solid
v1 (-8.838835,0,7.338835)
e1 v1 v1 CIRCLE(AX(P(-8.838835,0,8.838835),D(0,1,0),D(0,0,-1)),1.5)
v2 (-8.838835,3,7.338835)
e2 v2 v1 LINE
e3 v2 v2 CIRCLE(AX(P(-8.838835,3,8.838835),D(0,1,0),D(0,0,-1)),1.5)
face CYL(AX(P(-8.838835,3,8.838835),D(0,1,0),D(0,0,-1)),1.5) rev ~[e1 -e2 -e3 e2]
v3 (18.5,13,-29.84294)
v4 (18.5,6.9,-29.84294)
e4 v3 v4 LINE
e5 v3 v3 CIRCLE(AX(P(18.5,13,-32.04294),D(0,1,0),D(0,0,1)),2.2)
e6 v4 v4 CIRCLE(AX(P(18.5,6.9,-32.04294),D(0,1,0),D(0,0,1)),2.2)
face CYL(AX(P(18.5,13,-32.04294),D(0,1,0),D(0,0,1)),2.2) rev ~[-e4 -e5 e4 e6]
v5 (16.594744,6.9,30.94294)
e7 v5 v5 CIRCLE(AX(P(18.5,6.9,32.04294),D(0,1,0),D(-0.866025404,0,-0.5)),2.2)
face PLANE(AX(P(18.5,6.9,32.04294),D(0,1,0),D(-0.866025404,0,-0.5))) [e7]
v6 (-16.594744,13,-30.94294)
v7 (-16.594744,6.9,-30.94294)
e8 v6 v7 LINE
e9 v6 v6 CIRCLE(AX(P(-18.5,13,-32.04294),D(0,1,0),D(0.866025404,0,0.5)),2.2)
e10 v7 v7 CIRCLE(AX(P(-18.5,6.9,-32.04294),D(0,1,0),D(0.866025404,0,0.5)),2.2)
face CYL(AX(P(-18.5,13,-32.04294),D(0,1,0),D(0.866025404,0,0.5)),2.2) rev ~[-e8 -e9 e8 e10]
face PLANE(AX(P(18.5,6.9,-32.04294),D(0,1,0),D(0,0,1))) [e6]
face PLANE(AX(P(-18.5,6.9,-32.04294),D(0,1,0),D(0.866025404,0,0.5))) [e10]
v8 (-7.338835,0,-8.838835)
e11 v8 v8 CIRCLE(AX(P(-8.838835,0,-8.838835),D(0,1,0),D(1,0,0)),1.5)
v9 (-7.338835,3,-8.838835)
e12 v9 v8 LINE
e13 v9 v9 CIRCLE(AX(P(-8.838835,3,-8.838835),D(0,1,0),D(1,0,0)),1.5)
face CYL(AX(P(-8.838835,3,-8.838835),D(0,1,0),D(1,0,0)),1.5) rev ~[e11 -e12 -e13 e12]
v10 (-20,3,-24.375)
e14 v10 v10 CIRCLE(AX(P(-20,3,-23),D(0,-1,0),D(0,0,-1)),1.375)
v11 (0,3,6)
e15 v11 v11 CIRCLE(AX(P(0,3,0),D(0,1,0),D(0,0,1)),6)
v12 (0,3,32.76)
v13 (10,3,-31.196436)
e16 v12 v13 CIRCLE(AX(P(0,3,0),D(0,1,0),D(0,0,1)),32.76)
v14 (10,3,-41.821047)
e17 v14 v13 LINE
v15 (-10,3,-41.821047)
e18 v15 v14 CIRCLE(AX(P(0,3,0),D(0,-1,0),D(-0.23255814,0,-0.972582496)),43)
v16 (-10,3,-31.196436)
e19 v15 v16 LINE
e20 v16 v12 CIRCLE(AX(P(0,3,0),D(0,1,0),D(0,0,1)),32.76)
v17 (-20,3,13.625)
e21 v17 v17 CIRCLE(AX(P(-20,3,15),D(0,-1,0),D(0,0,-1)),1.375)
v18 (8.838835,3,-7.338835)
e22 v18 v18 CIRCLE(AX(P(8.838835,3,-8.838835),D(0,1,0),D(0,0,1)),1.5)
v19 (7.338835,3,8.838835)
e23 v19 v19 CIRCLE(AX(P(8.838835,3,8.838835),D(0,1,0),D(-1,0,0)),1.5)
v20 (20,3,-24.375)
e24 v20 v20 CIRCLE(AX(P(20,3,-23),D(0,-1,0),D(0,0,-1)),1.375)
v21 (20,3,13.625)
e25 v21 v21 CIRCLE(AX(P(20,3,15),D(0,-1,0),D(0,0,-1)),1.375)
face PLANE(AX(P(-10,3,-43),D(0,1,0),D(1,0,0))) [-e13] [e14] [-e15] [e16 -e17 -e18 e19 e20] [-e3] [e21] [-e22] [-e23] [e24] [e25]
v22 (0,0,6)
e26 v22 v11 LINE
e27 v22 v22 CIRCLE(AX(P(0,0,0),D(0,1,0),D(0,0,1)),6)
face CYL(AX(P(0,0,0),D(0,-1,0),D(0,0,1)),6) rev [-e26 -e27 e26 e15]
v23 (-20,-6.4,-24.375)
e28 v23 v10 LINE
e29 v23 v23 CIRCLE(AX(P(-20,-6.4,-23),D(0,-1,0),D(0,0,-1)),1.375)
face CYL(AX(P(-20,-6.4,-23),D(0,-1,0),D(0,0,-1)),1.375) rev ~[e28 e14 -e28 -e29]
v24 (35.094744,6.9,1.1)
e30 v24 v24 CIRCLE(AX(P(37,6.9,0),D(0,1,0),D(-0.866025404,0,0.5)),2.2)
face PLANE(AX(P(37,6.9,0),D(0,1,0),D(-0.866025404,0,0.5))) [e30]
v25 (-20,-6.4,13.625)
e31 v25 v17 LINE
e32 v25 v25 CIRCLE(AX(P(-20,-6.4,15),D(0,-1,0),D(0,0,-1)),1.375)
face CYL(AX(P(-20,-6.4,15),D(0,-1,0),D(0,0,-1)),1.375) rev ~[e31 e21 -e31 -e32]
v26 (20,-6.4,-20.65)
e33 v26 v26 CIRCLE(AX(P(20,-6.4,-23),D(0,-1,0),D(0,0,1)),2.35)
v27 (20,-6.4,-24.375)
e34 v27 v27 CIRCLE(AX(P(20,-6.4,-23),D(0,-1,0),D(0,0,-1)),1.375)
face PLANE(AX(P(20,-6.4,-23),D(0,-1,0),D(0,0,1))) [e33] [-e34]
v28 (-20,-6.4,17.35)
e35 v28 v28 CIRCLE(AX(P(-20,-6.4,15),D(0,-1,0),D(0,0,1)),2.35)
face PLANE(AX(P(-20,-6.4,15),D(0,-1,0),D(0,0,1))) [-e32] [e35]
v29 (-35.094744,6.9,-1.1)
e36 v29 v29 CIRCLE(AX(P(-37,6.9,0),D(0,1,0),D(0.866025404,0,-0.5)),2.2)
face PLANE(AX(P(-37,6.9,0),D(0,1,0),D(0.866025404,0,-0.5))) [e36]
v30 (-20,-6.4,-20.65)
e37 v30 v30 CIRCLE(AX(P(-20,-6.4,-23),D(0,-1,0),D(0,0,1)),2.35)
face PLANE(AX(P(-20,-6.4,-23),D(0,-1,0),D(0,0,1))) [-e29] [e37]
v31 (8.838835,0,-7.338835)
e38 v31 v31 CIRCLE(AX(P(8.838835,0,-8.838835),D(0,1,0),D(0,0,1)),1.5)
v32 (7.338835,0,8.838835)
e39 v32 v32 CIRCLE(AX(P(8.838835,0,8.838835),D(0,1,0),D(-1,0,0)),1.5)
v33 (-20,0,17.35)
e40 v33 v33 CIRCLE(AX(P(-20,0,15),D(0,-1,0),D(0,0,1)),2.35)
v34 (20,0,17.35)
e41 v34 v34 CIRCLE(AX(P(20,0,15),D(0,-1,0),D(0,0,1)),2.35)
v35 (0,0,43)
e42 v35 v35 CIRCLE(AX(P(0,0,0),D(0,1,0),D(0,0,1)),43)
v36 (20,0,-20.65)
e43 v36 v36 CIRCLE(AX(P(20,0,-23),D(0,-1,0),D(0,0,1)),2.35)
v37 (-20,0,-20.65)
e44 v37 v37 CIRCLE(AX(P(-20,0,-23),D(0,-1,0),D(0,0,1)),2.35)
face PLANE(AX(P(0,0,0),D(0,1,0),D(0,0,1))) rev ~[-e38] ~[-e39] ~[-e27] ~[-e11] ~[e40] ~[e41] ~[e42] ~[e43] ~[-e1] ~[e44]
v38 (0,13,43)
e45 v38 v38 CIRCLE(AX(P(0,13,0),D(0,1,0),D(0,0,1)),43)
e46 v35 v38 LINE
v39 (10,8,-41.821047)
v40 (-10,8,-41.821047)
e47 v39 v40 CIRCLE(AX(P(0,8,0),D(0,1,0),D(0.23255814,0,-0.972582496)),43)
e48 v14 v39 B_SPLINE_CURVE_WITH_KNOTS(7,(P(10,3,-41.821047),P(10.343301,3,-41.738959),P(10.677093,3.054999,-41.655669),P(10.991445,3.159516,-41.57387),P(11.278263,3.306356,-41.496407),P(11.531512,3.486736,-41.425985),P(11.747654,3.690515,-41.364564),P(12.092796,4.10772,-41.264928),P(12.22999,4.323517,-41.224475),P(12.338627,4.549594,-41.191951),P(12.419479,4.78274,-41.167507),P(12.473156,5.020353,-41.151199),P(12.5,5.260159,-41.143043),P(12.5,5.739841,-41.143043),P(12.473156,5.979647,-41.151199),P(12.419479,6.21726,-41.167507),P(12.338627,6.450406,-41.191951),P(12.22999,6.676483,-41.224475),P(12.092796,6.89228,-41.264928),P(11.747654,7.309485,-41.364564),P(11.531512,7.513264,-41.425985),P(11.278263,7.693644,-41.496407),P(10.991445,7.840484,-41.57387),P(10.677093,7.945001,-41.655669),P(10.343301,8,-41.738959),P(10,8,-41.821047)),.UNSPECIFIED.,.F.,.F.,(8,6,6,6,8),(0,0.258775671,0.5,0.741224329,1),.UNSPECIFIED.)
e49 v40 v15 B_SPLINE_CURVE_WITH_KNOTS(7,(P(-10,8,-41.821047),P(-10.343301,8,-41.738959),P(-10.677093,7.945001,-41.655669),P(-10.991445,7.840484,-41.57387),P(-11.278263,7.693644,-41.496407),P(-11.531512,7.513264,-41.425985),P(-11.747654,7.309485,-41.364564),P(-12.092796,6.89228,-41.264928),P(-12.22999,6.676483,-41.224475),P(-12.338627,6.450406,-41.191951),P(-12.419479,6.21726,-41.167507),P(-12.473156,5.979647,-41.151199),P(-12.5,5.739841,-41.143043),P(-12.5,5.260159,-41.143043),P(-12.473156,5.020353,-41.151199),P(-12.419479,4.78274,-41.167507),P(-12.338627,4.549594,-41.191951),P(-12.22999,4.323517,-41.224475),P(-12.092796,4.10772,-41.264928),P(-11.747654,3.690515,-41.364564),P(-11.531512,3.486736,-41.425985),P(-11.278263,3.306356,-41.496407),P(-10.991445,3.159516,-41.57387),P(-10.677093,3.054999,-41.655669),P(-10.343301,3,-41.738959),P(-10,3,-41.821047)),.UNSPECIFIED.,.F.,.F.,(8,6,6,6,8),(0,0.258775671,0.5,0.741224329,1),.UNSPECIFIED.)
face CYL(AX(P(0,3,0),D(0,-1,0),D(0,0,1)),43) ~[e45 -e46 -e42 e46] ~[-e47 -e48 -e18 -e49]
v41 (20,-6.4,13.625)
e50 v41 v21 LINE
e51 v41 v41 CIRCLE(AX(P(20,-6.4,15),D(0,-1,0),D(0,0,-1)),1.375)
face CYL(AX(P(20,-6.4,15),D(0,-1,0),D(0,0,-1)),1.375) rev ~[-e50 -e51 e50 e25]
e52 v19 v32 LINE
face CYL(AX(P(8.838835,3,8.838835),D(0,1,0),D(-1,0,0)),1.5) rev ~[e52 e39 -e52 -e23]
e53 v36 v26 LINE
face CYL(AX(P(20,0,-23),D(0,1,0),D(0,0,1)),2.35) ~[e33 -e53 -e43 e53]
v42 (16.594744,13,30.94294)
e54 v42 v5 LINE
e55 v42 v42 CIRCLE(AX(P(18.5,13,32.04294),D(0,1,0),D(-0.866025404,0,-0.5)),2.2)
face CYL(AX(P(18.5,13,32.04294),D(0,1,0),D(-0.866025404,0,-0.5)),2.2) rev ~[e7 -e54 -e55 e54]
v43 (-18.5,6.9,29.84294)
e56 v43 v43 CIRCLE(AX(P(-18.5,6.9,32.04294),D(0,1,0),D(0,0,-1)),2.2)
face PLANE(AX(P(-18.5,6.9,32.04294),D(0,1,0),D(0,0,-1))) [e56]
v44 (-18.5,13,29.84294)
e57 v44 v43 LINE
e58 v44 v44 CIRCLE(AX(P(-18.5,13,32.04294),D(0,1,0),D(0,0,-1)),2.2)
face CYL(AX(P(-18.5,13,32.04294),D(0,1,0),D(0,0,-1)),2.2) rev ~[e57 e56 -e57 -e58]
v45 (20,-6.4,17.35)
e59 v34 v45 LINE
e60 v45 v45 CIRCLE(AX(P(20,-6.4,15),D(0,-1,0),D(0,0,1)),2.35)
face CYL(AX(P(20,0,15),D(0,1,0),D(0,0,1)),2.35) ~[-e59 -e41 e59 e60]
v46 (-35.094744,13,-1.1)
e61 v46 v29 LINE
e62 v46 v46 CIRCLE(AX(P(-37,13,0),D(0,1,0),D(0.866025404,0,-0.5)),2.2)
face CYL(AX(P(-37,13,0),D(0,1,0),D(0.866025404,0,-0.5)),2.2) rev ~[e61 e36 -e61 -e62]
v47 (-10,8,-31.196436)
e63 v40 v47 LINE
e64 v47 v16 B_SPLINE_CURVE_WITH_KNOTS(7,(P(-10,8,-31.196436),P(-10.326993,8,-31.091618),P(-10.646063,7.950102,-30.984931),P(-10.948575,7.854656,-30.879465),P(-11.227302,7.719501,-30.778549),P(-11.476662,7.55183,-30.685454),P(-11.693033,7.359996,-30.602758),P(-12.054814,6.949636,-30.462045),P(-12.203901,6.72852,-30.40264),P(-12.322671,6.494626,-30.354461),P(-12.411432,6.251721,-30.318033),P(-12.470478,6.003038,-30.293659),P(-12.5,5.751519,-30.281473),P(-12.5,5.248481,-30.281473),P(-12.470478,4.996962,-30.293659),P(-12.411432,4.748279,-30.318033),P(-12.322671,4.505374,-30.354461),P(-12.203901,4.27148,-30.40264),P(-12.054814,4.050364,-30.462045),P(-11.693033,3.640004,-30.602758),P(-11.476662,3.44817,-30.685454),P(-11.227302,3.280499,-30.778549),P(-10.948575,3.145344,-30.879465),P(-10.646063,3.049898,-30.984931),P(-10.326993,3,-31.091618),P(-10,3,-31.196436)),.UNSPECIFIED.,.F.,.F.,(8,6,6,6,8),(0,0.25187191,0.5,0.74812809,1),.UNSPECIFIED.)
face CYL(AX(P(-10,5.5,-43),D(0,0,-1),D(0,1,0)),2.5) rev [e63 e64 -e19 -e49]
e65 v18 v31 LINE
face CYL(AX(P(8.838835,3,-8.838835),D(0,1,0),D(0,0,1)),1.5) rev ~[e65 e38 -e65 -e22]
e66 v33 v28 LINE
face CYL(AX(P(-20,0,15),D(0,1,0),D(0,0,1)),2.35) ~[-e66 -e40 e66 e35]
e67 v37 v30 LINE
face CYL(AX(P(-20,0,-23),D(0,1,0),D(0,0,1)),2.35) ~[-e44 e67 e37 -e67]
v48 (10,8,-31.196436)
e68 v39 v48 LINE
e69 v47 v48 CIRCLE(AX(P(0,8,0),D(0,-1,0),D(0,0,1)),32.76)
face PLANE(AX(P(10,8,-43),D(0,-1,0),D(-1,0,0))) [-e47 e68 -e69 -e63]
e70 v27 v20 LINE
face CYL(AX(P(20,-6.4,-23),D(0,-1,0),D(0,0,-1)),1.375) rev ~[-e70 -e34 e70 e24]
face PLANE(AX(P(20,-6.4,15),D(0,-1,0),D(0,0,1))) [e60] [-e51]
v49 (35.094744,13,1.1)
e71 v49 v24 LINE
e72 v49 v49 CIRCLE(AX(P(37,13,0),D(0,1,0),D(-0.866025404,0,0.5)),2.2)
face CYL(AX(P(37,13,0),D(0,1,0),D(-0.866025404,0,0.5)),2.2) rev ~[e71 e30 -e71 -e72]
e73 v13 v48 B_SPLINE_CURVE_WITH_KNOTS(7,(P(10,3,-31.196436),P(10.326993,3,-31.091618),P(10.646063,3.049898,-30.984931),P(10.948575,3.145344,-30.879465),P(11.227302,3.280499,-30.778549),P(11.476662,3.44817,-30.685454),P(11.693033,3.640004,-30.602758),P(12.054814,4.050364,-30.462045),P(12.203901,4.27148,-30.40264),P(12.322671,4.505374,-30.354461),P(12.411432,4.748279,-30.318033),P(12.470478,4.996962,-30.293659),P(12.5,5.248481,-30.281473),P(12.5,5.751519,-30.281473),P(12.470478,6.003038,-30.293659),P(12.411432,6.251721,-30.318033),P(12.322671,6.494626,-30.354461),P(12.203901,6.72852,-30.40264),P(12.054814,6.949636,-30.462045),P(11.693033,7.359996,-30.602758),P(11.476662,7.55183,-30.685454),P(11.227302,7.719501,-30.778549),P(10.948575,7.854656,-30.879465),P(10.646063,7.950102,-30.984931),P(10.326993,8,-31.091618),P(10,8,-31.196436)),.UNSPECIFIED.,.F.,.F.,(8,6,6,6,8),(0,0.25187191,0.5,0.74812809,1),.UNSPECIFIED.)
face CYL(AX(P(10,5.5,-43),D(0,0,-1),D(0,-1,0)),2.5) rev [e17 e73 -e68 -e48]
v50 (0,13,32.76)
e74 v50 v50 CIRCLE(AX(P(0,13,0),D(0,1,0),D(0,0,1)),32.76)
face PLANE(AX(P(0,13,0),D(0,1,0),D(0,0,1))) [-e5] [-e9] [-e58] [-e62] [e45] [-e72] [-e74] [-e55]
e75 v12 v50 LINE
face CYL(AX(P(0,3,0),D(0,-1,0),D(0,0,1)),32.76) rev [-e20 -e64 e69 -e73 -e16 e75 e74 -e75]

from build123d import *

# Parameters (mm, degrees)
SKETCH_1_R          = 43
SKETCH_1_R_2        = 6
EXTRUDE_1_DEPTH     = 3
SKETCH_14_R         = 43
SKETCH_14_R_2       = 32.76
EXTRUDE_5_DEPTH     = 10
SKETCH_17_R         = 2.35
EXTRUDE_6_DEPTH     = 6.4
SKETCH_18_R         = 1.375
CUT_EXTRUDE_5_DEPTH = 64.83071361
SKETCH_23_R         = 2.2
CUT_EXTRUDE_6_DEPTH = 6.1
CUT_EXTRUDE1_DEPTH  = 20
SKETCH_26_R         = 1.5
CUT_EXTRUDE3_DEPTH  = 6.1
CIRPATTERN1_COUNT   = 4
CIRPATTERN2_COUNT   = 6


with BuildPart() as part:
    # 스케치1 → 보스-돌출1 (new body)
    with BuildSketch(Plane(origin=(0, 0, 0), x_dir=(1, 0, 0), z_dir=(0, 1, 0))):
        with Locations(Location((0, 0, 0), (0, 0, 270))):
            Circle(SKETCH_1_R)
        with Locations(Location((0, 0, 0), (0, 0, 270))):
            Circle(SKETCH_1_R_2, mode=Mode.SUBTRACT)
    extrude(amount=EXTRUDE_1_DEPTH)

    # 스케치14 → 보스-돌출5 (add)
    with BuildSketch(Plane(origin=(0, 3, 0), x_dir=(1, 0, 0), z_dir=(0, 1, 0))):
        with Locations(Location((0, 0, 0), (0, 0, 270))):
            Circle(SKETCH_14_R)
        with Locations(Location((0, 0, 0), (0, 0, 270))):
            Circle(SKETCH_14_R_2, mode=Mode.SUBTRACT)
    extrude(amount=EXTRUDE_5_DEPTH)

    # 스케치17 → 보스-돌출6 (add)
    with BuildSketch(Plane.XZ):
        with Locations(Location((20, 15, 0), (0, 0, 90))):
            Circle(SKETCH_17_R)
        with Locations(Location((-20, 15, 0), (0, 0, 90))):
            Circle(SKETCH_17_R)
        with Locations(Location((20, -23, 0), (0, 0, 90))):
            Circle(SKETCH_17_R)
        with Locations(Location((-20, -23, 0), (0, 0, 90))):
            Circle(SKETCH_17_R)
    extrude(amount=EXTRUDE_6_DEPTH)

    # 스케치18 → 컷-돌출5 (cut, through all)
    with BuildSketch(Plane.XZ.offset(6.4)):
        with Locations(Location((-20, 15, 0), (0, 0, 270))):
            Circle(SKETCH_18_R)
        with Locations(Location((20, 15, 0), (0, 0, 270))):
            Circle(SKETCH_18_R)
        with Locations(Location((20, -23, 0), (0, 0, 270))):
            Circle(SKETCH_18_R)
        with Locations(Location((-20, -23, 0), (0, 0, 270))):
            Circle(SKETCH_18_R)
    extrude(amount=-CUT_EXTRUDE_5_DEPTH, mode=Mode.SUBTRACT)

    # 스케치23 → 컷-돌출6 (cut)
    with BuildSketch(Plane(origin=(0, 13, 0), x_dir=(1, 0, 0), z_dir=(0, 1, 0))):
        with Locations(Location((18.5, 32.04293994, 0), (0, 0, 270))):
            Circle(SKETCH_23_R)
    cut_extrude_6 = extrude(amount=-CUT_EXTRUDE_6_DEPTH, mode=Mode.SUBTRACT)

    # Sketch2 → Cut-Extrude1 (cut)
    with BuildSketch(Plane(origin=(0, 0, -43), x_dir=(-1, 0, 0), z_dir=(0, 0, -1))):
        with BuildLine():
            Line((-10, 8), (10, 8))
            ThreePointArc((10, 8), (12.5, 5.5), (10, 3))
            Line((10, 3), (-10, 3))
            ThreePointArc((-10, 3), (-12.5, 5.5), (-10, 8))
        make_face()
    extrude(amount=-CUT_EXTRUDE1_DEPTH, mode=Mode.SUBTRACT)

    # 스케치26 → Cut-Extrude3 (cut)
    with BuildSketch(Plane(origin=(0, 3, 0), x_dir=(1, 0, 0), z_dir=(0, 1, 0))):
        with Locations(Location((8.838834765, 8.838834765, 0), (0, 0, 270))):
            Circle(SKETCH_26_R)
    cut_extrude3 = extrude(amount=-CUT_EXTRUDE3_DEPTH, mode=Mode.SUBTRACT)

    # CirPattern1: Cut-Extrude3 ×4 about axis
    cirpattern1_axis = Axis((0, 0, 0), (0, 1, 0))
    for i in range(1, CIRPATTERN1_COUNT):
        add(cut_extrude3.rotate(cirpattern1_axis, i * 360 / CIRPATTERN1_COUNT), mode=Mode.SUBTRACT)

    # CirPattern2: 컷-돌출6 ×6 about axis
    cirpattern2_axis = Axis((0, 0, 0), (0, 1, 0))
    for i in range(1, CIRPATTERN2_COUNT):
        add(cut_extrude_6.rotate(cirpattern2_axis, i * 360 / CIRPATTERN2_COUNT), mode=Mode.SUBTRACT)


solid = part.part
